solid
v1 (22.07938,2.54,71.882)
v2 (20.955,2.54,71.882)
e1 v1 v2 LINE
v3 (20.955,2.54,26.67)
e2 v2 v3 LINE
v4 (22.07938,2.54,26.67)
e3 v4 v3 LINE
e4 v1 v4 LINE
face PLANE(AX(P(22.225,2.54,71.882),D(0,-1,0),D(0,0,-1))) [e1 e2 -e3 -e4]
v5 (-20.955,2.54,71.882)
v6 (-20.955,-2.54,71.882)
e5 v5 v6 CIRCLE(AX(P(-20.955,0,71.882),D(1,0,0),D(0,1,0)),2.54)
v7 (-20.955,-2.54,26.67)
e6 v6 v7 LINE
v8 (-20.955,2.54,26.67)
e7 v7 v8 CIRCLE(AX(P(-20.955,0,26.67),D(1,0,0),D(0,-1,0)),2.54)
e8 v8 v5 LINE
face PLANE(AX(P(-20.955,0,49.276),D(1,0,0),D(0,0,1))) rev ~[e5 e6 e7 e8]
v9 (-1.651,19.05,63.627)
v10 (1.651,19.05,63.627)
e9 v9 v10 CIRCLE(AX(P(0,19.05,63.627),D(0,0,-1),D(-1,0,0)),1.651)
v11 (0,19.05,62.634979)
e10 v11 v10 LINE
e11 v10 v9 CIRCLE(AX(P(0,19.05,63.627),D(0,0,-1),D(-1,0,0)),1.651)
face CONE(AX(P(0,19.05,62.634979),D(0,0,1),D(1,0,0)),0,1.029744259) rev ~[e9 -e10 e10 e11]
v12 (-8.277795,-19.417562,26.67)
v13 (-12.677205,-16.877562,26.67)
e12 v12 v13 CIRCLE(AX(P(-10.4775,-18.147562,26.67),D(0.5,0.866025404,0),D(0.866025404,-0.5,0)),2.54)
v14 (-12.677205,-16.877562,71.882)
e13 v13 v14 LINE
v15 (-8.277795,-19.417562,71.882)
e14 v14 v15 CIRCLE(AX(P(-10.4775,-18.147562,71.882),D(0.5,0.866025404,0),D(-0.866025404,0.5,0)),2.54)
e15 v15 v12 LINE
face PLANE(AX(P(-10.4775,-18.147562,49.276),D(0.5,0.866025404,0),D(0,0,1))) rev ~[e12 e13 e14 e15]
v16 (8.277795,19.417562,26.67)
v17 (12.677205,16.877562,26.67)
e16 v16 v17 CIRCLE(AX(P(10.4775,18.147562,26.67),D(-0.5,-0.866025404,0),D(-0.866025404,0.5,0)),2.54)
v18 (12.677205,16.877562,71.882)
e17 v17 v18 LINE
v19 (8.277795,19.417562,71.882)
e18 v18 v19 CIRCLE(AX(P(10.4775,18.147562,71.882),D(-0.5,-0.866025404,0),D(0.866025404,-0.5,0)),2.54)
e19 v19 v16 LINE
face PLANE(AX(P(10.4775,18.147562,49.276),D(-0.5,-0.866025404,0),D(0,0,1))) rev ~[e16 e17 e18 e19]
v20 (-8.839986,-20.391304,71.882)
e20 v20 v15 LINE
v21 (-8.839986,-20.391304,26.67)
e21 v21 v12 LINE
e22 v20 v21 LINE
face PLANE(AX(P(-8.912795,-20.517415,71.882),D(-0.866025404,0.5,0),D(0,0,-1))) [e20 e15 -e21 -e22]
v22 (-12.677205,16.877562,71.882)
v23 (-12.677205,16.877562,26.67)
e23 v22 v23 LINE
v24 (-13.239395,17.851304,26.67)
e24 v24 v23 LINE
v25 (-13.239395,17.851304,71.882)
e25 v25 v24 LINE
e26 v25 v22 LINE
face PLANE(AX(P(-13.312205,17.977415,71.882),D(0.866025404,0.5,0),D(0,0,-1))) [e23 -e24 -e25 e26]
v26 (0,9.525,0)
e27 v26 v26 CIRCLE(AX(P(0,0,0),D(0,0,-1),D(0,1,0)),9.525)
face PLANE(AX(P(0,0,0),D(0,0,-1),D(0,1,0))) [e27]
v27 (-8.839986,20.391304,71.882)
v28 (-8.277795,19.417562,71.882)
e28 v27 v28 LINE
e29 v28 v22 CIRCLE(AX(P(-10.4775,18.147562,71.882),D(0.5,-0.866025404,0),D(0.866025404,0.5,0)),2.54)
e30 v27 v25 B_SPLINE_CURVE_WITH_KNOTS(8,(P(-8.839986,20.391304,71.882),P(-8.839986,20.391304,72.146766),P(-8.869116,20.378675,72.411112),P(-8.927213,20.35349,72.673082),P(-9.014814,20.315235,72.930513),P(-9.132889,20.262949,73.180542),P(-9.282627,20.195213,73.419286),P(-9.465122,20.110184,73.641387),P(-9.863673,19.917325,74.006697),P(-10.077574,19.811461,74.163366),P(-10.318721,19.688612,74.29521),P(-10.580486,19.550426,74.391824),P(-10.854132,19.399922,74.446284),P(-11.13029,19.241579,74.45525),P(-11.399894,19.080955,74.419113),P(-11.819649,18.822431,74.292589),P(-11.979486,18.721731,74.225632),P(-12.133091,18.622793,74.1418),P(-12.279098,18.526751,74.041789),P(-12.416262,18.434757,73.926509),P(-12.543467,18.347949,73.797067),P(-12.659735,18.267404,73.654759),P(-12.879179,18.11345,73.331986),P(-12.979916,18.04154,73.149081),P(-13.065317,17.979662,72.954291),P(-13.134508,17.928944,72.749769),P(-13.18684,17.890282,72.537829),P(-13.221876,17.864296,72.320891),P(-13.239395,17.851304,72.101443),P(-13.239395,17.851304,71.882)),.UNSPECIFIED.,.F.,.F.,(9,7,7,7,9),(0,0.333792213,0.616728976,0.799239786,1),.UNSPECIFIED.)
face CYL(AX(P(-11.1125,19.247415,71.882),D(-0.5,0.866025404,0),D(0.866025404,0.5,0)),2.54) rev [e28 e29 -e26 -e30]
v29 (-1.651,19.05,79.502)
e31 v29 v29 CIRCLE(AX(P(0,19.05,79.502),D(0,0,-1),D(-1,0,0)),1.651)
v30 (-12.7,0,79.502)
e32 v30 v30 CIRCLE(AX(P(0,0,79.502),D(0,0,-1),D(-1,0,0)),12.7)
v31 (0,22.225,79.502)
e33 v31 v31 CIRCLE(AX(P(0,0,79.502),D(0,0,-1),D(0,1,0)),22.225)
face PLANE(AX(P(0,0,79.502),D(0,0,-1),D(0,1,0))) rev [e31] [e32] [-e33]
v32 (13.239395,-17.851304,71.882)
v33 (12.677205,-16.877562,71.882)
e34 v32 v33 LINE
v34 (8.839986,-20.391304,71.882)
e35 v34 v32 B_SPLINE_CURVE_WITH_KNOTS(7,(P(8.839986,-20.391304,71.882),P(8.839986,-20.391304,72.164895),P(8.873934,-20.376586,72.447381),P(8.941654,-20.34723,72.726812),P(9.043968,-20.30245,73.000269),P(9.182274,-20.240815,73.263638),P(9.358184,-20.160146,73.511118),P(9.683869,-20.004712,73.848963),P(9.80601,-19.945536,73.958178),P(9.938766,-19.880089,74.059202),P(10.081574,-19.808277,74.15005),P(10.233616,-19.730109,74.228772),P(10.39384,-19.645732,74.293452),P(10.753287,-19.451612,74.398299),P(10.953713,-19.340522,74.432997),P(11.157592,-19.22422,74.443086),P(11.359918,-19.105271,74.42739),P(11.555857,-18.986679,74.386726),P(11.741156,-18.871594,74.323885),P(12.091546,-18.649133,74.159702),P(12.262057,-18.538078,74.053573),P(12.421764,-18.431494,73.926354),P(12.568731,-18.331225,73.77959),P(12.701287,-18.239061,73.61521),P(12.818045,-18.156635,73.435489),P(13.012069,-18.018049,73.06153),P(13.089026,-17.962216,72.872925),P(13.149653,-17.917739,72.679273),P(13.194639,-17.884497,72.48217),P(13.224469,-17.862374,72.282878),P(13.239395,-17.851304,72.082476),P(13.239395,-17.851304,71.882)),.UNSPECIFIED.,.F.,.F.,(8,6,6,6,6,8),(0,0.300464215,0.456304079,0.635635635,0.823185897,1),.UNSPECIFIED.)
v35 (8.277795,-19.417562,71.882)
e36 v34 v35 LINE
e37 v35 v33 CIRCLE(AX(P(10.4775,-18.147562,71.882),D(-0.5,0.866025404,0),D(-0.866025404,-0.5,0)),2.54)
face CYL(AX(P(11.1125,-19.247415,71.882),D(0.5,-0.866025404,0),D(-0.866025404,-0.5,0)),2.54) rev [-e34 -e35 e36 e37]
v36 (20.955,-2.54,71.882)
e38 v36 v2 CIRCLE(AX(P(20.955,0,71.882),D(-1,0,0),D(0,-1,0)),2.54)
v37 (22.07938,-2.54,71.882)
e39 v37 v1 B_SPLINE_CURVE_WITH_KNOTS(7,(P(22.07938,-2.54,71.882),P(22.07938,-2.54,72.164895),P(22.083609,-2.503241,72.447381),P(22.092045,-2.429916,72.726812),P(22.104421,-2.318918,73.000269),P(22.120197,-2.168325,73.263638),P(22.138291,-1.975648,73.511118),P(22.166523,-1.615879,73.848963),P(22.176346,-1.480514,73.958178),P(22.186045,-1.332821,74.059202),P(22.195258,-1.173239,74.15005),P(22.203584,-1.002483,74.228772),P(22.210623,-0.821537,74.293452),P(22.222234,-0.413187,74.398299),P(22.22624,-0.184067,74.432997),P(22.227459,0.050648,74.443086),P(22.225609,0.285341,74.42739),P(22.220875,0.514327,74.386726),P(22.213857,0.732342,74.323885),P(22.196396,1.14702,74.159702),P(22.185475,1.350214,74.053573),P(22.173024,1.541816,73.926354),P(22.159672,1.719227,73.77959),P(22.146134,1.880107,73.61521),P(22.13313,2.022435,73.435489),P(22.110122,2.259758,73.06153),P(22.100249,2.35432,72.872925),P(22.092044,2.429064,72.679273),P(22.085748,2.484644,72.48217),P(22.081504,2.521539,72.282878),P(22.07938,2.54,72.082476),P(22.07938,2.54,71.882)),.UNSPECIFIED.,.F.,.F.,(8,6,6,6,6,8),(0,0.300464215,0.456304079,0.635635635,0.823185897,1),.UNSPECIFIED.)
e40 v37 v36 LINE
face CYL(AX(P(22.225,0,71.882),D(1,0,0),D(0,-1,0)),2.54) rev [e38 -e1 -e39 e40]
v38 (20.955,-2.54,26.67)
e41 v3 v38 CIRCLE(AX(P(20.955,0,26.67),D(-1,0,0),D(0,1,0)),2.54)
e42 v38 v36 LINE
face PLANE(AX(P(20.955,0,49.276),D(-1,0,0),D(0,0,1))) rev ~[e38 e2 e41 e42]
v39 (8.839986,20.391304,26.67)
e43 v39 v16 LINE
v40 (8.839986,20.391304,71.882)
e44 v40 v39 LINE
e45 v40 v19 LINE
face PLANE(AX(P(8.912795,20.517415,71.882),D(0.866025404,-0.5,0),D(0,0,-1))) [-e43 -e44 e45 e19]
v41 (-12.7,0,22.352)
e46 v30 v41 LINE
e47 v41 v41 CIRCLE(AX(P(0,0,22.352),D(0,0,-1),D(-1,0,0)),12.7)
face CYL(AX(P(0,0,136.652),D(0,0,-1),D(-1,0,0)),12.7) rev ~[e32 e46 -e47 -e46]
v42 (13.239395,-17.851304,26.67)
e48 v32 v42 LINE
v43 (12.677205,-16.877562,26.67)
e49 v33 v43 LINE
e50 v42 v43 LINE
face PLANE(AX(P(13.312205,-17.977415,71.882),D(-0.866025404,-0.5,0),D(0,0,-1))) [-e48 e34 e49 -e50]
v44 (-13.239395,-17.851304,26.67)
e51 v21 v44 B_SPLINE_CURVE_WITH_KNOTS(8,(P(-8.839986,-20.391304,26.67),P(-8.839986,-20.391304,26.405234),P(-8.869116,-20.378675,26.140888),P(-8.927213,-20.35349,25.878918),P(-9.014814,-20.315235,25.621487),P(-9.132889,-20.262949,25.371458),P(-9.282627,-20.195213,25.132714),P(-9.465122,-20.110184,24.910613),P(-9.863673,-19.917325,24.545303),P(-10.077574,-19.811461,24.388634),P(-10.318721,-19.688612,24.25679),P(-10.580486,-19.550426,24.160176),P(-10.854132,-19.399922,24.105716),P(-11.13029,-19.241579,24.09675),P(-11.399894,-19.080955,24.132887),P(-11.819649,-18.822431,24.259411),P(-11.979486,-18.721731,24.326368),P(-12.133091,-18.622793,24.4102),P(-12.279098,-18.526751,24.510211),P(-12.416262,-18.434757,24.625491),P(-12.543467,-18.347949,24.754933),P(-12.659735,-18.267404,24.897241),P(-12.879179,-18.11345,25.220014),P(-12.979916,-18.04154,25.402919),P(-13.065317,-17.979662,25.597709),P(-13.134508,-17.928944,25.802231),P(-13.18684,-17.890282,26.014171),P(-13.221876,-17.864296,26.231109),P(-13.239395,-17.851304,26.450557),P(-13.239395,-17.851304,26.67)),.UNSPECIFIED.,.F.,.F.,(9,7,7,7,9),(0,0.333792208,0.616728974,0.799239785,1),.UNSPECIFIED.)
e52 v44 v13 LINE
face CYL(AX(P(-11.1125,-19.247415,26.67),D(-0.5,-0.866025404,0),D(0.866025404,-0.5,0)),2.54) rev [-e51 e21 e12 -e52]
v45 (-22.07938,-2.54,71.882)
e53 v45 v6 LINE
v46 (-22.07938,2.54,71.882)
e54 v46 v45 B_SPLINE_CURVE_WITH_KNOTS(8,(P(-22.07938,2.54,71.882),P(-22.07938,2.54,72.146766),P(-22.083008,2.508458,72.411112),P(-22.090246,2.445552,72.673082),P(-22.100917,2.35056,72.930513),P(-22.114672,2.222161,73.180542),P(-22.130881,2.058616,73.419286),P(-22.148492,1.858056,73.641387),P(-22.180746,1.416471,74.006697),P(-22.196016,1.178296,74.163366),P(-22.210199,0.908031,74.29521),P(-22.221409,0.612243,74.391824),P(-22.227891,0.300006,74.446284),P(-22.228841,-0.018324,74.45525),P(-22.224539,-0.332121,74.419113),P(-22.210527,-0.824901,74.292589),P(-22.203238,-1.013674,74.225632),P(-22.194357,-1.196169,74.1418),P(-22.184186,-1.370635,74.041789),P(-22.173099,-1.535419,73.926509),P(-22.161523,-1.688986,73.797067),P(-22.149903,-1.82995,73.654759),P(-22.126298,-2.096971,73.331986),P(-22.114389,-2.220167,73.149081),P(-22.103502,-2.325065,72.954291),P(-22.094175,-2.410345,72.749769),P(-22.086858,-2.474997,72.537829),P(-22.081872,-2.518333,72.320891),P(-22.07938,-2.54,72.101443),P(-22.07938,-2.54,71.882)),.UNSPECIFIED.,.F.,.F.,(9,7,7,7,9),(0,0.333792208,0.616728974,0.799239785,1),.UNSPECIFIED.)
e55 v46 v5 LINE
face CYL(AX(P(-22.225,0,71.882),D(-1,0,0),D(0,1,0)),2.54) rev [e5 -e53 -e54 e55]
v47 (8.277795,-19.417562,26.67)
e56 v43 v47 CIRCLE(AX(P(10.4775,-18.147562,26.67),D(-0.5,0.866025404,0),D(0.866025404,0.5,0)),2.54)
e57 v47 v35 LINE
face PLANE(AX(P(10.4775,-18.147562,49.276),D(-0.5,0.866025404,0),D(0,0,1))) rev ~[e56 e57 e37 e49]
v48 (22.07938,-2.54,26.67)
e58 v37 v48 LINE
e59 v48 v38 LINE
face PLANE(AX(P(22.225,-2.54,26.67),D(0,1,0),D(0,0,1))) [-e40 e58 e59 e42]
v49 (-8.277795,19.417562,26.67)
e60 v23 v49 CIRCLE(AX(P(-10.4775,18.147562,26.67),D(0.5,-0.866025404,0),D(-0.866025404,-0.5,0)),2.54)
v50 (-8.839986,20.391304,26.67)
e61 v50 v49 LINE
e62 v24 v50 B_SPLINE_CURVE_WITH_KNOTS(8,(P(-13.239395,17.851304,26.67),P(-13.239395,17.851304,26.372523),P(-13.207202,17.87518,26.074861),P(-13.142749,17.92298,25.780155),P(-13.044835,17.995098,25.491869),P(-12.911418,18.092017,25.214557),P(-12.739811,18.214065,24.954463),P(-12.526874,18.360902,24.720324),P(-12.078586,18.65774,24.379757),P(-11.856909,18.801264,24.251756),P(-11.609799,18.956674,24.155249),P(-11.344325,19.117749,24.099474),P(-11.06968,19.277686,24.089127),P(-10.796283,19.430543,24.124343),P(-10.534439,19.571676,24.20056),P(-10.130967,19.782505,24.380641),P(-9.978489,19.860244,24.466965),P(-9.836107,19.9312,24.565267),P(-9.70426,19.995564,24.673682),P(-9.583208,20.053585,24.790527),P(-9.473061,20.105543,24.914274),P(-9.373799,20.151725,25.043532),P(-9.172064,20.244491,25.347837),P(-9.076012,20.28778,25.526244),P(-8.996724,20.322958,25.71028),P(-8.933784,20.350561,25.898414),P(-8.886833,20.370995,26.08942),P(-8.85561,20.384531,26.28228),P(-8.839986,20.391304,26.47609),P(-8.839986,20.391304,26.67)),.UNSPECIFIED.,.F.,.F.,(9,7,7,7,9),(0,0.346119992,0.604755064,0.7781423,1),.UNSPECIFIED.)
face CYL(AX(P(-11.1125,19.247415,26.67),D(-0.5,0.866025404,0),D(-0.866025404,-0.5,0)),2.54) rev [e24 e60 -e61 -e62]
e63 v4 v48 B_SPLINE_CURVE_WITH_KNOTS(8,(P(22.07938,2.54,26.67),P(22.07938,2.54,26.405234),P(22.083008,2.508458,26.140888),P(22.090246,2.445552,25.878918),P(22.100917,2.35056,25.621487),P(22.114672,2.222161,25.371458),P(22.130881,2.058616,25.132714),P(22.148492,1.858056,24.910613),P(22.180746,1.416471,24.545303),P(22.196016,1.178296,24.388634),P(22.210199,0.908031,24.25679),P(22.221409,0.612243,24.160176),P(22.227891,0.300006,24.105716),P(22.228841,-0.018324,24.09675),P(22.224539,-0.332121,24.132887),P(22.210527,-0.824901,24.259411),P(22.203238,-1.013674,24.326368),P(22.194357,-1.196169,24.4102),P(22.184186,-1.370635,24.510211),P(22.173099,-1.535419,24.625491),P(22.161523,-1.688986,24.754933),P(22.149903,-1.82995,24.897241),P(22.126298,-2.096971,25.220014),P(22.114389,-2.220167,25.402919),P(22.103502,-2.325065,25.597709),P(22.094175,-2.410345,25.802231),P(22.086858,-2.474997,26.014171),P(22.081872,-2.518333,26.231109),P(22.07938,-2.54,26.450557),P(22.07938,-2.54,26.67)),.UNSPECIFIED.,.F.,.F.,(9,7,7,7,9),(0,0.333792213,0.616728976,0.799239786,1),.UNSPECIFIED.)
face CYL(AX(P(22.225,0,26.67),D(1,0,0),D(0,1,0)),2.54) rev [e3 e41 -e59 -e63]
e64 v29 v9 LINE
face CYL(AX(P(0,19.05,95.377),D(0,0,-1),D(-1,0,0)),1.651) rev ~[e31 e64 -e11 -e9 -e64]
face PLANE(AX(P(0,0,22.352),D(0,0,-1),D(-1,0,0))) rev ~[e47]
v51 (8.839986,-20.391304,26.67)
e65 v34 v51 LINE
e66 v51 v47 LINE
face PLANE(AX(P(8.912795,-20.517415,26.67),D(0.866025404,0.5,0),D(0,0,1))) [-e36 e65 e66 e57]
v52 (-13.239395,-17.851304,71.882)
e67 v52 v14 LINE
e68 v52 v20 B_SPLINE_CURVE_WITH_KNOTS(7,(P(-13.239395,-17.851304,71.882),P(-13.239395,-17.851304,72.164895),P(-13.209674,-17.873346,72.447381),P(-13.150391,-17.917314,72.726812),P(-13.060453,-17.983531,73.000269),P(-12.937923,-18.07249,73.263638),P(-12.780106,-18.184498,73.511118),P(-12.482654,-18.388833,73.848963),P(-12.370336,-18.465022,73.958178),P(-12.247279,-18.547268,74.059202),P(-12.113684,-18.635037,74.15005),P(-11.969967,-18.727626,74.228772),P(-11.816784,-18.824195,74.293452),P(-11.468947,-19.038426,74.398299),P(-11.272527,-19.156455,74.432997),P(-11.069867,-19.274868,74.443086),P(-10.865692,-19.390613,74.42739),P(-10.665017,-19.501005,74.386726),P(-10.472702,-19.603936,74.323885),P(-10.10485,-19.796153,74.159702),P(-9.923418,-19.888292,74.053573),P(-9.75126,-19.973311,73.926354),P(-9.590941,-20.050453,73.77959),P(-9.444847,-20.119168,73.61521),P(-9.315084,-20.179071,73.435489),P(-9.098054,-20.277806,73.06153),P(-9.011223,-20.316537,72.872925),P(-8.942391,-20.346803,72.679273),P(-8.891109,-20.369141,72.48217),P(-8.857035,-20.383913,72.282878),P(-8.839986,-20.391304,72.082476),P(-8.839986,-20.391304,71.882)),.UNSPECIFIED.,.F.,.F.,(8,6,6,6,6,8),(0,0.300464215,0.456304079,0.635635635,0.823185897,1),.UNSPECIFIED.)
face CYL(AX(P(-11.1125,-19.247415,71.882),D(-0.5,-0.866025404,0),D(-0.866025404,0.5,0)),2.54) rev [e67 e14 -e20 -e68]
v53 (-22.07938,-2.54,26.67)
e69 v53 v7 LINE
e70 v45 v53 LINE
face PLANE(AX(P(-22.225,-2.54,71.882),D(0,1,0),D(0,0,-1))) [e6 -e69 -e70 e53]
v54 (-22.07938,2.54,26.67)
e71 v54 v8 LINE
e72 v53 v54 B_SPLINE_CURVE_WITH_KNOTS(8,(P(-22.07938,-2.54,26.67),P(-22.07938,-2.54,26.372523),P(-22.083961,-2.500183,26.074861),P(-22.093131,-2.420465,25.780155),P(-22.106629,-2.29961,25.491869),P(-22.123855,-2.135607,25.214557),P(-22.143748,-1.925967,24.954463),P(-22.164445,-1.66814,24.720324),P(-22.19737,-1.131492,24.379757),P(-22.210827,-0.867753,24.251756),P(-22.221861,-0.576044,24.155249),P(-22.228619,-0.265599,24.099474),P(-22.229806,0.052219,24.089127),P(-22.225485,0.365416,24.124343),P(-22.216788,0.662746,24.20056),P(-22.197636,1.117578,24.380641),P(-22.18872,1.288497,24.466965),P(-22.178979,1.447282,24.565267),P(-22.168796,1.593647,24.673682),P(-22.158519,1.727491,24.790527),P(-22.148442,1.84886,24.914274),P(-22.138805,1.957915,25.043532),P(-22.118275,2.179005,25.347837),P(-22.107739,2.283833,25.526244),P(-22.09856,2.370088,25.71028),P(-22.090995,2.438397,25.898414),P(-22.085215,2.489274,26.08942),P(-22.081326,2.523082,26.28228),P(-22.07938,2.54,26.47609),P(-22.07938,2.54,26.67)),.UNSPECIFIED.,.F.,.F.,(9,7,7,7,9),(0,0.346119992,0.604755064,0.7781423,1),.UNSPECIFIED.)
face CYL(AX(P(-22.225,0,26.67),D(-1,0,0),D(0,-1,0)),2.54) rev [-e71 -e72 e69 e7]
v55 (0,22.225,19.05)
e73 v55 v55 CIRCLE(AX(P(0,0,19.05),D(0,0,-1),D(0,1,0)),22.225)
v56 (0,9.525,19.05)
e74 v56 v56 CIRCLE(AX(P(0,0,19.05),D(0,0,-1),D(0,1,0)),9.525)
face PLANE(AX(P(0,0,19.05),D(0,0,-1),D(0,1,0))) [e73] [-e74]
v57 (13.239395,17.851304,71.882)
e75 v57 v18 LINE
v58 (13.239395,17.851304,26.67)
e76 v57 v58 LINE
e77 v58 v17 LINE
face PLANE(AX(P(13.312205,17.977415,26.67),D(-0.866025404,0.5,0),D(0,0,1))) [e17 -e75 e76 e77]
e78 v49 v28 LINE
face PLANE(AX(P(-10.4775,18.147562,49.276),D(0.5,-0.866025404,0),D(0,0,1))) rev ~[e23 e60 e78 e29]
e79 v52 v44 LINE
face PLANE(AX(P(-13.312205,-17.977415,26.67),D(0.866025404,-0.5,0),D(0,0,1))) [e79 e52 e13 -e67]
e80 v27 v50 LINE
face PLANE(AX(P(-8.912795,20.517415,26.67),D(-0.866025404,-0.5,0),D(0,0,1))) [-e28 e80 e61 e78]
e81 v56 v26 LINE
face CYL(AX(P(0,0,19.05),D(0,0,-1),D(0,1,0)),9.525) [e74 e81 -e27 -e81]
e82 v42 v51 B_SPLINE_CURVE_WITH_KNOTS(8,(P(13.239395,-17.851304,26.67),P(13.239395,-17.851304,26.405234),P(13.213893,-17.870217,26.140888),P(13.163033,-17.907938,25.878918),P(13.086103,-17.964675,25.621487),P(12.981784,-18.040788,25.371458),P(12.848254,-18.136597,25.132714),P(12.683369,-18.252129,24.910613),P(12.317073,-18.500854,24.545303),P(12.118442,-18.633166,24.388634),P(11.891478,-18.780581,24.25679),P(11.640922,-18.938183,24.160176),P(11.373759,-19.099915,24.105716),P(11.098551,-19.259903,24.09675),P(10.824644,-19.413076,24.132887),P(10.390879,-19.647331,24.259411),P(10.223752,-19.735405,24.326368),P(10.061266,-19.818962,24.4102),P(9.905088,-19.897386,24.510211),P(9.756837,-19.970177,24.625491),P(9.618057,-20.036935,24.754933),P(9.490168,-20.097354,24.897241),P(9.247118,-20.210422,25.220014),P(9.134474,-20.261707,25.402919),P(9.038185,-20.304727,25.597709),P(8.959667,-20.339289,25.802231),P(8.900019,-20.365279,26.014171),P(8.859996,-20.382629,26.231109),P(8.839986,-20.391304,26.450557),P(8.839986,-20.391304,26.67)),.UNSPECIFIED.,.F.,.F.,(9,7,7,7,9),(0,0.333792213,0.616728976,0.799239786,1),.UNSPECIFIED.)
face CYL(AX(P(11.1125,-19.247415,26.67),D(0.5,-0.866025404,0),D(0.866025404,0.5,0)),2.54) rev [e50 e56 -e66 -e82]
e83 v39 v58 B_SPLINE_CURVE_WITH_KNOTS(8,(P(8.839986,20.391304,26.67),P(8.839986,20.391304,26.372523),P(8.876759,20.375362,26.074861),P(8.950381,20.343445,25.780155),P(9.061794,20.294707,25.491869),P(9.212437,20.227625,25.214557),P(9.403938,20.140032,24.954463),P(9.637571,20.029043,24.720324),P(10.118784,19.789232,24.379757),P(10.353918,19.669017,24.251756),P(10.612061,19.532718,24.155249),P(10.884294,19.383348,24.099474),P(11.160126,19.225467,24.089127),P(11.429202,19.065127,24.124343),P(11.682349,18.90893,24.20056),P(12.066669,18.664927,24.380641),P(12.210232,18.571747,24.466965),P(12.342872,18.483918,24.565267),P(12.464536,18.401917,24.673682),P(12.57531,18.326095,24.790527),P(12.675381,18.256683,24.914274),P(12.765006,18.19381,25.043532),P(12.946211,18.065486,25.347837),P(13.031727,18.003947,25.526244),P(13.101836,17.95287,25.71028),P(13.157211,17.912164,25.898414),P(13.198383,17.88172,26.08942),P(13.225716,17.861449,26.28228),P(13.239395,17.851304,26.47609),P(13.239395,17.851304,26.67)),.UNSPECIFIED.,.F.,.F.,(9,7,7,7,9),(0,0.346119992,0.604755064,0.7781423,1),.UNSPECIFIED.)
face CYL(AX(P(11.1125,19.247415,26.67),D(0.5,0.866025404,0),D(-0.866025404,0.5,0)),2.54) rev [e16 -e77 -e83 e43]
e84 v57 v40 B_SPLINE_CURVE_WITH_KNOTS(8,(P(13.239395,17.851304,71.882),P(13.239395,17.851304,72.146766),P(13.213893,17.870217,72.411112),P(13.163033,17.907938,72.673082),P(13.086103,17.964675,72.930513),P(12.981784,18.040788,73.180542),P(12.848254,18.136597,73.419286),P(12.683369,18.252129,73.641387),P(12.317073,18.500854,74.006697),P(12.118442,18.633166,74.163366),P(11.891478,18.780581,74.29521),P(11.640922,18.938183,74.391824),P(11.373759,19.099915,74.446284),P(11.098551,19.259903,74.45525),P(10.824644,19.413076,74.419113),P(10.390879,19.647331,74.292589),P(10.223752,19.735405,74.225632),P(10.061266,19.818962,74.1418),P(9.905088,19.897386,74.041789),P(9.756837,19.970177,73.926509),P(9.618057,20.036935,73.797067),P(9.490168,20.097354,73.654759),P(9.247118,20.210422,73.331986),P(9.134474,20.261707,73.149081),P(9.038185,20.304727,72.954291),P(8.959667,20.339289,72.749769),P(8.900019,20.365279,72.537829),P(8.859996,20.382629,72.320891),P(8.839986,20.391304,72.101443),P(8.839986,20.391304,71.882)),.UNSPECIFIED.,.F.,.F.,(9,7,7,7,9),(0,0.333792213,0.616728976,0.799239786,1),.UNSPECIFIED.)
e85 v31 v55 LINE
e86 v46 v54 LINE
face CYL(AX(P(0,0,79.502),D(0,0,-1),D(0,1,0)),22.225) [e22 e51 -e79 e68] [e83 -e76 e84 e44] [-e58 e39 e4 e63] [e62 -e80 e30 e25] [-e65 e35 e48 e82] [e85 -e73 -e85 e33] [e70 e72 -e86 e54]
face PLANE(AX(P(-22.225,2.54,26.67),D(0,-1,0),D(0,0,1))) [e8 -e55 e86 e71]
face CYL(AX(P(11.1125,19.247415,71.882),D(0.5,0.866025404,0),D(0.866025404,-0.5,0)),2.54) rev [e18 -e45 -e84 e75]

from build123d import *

# Parameters (mm, degrees)
F_1_4_1_DIAMETER_HOLE1_D        = 25.4
F_1_4_1_DIAMETER_HOLE1_DEPTH    = 57.15
F_1_4_0_13_DIAMETER_HOLE1_D     = 3.302
F_1_4_0_13_DIAMETER_HOLE1_DEPTH = 15.875
F_1_4_0_13_DIAMETER_HOLE1_TIP   = 0.992020882
CUT_EXTRUDE2_DEPTH              = 1.27
CIRPATTERN2_COUNT               = 6


with BuildPart() as part:
    # Sketch1 → Revolve1 (revolve)
    with BuildSketch(Plane(origin=(0, 0, 0), x_dir=(0, 0, -1), z_dir=(1, 0, 0))):
        Polygon((0, 0), (-79.502, 0), (-79.502, 22.225), (-19.05, 22.225), (-19.05, 9.525), (0, 9.525), align=None)
    revolve(axis=Axis((0, 0, 0), (0, 0, -1)))

    # 1/4 (1) Diameter Hole1
    with Locations(Plane.XY.offset(79.502)):
        with Locations((0, 0)):
            Hole(F_1_4_1_DIAMETER_HOLE1_D / 2, depth=F_1_4_1_DIAMETER_HOLE1_DEPTH)

    # 1/4 (0.13) Diameter Hole1
    with Locations(Plane.XY.offset(79.502)):
        with Locations((0, 19.05)):
            Hole(F_1_4_0_13_DIAMETER_HOLE1_D / 2, depth=F_1_4_0_13_DIAMETER_HOLE1_DEPTH)
            with Locations((0, 0, -(F_1_4_0_13_DIAMETER_HOLE1_DEPTH + F_1_4_0_13_DIAMETER_HOLE1_TIP / 2))):  # 118° drill point
                Cone(0, F_1_4_0_13_DIAMETER_HOLE1_D / 2, F_1_4_0_13_DIAMETER_HOLE1_TIP, mode=Mode.SUBTRACT)

    # Sketch10 → Cut-Extrude2 (cut)
    with BuildSketch(Plane(origin=(22.225, 0, 0), x_dir=(0, 0, -1), z_dir=(1, 0, 0))):
        with BuildLine():
            Line((-71.882, 2.54), (-26.67, 2.54))
            ThreePointArc((-26.67, 2.54), (-24.13, 0), (-26.67, -2.54))
            Line((-26.67, -2.54), (-71.882, -2.54))
            ThreePointArc((-71.882, -2.54), (-74.422, 0), (-71.882, 2.54))
        make_face()
    cut_extrude2 = extrude(amount=-CUT_EXTRUDE2_DEPTH, mode=Mode.SUBTRACT)

    # CirPattern2: Cut-Extrude2 ×6 about axis
    cirpattern2_axis = Axis((0, 0, 0), (0, 0, 1))
    for i in range(1, CIRPATTERN2_COUNT):
        add(cut_extrude2.rotate(cirpattern2_axis, i * 360 / CIRPATTERN2_COUNT), mode=Mode.SUBTRACT)


solid = part.part
